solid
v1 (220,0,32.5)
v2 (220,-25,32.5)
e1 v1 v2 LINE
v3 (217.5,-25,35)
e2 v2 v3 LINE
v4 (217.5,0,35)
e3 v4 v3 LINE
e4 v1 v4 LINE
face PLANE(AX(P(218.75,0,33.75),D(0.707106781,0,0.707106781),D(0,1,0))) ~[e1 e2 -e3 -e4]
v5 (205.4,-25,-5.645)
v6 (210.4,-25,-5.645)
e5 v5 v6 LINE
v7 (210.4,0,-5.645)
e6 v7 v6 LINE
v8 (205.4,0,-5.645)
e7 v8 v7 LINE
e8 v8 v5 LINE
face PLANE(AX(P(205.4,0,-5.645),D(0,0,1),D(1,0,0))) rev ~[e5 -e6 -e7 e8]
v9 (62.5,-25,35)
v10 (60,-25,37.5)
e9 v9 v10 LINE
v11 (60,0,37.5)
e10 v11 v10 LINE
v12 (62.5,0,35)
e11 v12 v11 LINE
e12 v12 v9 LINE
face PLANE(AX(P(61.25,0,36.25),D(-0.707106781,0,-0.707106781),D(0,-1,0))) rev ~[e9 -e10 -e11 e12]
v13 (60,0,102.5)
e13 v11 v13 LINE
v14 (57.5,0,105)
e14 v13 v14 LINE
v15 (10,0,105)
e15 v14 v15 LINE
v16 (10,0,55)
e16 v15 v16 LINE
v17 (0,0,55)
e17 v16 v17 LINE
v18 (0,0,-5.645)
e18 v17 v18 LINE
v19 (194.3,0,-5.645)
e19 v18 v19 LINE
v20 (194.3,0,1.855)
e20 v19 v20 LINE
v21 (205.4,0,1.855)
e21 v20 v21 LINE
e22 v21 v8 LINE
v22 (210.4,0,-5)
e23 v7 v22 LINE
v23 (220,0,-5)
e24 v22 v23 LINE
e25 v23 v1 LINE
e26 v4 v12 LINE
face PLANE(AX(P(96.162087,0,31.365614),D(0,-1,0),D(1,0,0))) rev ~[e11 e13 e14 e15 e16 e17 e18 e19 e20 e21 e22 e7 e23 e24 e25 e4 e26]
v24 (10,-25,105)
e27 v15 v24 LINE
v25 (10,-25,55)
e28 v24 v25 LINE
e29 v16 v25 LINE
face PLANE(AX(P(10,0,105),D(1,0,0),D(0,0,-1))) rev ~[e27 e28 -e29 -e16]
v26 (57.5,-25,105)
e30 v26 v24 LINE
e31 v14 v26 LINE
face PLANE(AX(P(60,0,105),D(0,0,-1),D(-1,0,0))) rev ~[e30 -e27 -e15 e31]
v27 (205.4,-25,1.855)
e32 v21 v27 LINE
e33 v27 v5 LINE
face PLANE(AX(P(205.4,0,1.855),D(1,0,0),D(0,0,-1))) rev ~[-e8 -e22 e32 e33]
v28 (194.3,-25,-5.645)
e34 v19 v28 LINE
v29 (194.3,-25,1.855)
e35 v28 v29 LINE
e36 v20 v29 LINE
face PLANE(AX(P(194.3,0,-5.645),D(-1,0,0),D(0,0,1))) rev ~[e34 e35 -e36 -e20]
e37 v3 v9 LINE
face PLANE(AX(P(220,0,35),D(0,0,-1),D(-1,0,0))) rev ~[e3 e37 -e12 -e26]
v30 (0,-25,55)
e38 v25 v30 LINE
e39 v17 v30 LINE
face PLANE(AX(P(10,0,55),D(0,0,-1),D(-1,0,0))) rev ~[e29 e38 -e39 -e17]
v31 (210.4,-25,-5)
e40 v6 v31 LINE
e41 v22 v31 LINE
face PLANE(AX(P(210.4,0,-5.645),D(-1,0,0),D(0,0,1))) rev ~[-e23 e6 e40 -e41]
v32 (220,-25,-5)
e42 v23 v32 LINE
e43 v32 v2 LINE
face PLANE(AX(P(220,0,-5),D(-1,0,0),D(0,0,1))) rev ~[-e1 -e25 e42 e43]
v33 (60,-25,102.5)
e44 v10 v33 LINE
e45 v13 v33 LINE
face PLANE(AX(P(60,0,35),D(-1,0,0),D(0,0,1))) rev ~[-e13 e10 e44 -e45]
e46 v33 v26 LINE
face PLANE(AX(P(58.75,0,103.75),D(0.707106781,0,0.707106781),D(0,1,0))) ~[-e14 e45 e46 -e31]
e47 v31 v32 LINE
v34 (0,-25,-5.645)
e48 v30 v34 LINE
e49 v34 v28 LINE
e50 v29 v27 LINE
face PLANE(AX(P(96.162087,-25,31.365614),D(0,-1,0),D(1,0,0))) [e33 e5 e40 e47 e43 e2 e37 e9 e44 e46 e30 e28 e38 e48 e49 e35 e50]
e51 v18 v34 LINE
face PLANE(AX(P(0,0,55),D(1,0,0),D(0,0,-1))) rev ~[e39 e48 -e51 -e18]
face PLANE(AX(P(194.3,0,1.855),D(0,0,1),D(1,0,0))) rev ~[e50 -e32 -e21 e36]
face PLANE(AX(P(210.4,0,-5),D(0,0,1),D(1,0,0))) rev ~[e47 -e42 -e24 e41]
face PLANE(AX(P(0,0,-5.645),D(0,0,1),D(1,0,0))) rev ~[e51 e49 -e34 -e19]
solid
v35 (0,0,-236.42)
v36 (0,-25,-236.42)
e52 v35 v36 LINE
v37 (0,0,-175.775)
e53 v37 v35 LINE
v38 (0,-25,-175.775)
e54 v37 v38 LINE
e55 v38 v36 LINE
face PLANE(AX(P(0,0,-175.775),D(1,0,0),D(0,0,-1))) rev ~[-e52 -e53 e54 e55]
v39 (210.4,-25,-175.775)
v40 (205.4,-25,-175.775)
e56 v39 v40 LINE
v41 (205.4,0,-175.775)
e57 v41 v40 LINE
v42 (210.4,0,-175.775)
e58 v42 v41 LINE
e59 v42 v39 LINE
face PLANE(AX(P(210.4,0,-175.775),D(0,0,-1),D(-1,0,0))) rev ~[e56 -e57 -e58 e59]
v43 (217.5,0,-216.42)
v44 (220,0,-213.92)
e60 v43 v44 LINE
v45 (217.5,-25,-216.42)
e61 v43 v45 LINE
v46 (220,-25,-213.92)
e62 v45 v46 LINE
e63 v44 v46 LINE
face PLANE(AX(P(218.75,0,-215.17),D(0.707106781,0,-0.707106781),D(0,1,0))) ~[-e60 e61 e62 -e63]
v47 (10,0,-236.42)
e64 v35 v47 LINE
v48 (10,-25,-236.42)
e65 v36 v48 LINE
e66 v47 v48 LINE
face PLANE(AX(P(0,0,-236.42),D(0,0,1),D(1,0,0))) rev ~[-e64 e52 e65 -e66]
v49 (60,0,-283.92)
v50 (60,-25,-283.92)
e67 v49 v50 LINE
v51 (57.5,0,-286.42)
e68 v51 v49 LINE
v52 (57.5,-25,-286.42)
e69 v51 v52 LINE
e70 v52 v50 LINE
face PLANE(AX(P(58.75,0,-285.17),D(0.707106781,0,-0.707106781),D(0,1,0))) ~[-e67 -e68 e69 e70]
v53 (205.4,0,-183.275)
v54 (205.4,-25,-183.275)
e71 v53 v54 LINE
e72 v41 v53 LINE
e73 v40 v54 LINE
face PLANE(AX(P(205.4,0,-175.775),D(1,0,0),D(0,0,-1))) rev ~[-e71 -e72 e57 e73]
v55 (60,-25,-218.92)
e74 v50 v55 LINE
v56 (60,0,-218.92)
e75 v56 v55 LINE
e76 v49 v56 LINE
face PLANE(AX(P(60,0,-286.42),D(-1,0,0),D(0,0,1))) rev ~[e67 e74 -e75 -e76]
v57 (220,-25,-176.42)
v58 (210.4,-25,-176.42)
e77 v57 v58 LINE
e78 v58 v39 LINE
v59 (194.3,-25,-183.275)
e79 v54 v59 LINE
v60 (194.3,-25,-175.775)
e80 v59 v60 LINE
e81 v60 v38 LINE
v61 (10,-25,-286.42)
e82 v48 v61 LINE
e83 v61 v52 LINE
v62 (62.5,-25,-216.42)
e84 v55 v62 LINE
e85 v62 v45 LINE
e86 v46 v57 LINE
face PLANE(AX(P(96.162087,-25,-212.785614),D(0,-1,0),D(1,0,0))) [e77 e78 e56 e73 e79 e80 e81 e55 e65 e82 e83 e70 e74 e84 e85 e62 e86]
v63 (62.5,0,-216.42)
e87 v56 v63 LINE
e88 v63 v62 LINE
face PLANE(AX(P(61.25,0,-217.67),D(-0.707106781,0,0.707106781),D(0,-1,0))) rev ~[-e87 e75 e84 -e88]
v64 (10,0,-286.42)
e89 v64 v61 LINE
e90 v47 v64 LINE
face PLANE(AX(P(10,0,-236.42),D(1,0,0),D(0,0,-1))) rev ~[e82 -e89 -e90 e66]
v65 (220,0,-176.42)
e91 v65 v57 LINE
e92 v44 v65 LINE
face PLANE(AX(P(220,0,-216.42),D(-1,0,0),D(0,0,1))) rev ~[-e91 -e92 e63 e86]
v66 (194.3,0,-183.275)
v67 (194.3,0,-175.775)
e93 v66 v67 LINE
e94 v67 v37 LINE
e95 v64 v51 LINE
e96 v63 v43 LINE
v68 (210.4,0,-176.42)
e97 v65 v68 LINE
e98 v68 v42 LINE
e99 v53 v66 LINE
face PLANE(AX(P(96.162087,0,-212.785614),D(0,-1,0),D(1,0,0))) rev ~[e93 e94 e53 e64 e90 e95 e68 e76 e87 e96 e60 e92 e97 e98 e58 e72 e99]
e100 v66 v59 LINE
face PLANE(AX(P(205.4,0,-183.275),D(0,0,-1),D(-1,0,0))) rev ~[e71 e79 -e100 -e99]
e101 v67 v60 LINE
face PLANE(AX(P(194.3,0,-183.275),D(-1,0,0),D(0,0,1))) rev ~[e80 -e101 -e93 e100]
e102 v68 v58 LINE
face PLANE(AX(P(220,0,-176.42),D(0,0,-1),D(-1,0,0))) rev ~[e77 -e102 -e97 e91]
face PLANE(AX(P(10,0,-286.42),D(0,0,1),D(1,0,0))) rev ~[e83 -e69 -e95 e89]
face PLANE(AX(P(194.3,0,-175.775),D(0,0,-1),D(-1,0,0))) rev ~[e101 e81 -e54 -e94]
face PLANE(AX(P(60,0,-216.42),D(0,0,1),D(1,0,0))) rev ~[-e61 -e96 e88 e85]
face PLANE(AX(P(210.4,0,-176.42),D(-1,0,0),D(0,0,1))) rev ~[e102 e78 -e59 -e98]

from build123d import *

# Parameters (mm, degrees)
F1_DEPTH = 25
F2_SIZE  = 2.5


with BuildPart() as f1:
    # F0 (on Front) → F1 (new body)
    with BuildSketch(Plane.XZ):
        Polygon((0, 55), (0, 0), (0, -5.645), (194.3, -5.645), (194.3, 1.855), (205.4, 1.855), (205.4, -5.645), (210.4, -5.645), (210.4, -5), (220, -5), (220, 35), (60, 35), (60, 105), (10, 105), (10, 55), align=None)
        Polygon((220, -176.42), (210.4, -176.42), (210.4, -175.775), (205.4, -175.775), (205.4, -183.275), (194.3, -183.275), (194.3, -175.775), (0, -175.775), (0, -181.42), (0, -236.42), (10, -236.42), (10, -286.42), (60, -286.42), (60, -216.42), (220, -216.42), align=None)
    extrude(amount=F1_DEPTH)

    # F2
    f2_edges = [f1.edges().sort_by_distance(p)[0] for p in [
        (60, -12.5, 35),
        (220, -12.5, 35),
        (60, -12.5, 105),
        (220, -12.5, -216.42),
        (60, -12.5, -216.42),
        (60, -12.5, -286.42),
    ]]
    chamfer(f2_edges, length=F2_SIZE)


solid = f1.part
